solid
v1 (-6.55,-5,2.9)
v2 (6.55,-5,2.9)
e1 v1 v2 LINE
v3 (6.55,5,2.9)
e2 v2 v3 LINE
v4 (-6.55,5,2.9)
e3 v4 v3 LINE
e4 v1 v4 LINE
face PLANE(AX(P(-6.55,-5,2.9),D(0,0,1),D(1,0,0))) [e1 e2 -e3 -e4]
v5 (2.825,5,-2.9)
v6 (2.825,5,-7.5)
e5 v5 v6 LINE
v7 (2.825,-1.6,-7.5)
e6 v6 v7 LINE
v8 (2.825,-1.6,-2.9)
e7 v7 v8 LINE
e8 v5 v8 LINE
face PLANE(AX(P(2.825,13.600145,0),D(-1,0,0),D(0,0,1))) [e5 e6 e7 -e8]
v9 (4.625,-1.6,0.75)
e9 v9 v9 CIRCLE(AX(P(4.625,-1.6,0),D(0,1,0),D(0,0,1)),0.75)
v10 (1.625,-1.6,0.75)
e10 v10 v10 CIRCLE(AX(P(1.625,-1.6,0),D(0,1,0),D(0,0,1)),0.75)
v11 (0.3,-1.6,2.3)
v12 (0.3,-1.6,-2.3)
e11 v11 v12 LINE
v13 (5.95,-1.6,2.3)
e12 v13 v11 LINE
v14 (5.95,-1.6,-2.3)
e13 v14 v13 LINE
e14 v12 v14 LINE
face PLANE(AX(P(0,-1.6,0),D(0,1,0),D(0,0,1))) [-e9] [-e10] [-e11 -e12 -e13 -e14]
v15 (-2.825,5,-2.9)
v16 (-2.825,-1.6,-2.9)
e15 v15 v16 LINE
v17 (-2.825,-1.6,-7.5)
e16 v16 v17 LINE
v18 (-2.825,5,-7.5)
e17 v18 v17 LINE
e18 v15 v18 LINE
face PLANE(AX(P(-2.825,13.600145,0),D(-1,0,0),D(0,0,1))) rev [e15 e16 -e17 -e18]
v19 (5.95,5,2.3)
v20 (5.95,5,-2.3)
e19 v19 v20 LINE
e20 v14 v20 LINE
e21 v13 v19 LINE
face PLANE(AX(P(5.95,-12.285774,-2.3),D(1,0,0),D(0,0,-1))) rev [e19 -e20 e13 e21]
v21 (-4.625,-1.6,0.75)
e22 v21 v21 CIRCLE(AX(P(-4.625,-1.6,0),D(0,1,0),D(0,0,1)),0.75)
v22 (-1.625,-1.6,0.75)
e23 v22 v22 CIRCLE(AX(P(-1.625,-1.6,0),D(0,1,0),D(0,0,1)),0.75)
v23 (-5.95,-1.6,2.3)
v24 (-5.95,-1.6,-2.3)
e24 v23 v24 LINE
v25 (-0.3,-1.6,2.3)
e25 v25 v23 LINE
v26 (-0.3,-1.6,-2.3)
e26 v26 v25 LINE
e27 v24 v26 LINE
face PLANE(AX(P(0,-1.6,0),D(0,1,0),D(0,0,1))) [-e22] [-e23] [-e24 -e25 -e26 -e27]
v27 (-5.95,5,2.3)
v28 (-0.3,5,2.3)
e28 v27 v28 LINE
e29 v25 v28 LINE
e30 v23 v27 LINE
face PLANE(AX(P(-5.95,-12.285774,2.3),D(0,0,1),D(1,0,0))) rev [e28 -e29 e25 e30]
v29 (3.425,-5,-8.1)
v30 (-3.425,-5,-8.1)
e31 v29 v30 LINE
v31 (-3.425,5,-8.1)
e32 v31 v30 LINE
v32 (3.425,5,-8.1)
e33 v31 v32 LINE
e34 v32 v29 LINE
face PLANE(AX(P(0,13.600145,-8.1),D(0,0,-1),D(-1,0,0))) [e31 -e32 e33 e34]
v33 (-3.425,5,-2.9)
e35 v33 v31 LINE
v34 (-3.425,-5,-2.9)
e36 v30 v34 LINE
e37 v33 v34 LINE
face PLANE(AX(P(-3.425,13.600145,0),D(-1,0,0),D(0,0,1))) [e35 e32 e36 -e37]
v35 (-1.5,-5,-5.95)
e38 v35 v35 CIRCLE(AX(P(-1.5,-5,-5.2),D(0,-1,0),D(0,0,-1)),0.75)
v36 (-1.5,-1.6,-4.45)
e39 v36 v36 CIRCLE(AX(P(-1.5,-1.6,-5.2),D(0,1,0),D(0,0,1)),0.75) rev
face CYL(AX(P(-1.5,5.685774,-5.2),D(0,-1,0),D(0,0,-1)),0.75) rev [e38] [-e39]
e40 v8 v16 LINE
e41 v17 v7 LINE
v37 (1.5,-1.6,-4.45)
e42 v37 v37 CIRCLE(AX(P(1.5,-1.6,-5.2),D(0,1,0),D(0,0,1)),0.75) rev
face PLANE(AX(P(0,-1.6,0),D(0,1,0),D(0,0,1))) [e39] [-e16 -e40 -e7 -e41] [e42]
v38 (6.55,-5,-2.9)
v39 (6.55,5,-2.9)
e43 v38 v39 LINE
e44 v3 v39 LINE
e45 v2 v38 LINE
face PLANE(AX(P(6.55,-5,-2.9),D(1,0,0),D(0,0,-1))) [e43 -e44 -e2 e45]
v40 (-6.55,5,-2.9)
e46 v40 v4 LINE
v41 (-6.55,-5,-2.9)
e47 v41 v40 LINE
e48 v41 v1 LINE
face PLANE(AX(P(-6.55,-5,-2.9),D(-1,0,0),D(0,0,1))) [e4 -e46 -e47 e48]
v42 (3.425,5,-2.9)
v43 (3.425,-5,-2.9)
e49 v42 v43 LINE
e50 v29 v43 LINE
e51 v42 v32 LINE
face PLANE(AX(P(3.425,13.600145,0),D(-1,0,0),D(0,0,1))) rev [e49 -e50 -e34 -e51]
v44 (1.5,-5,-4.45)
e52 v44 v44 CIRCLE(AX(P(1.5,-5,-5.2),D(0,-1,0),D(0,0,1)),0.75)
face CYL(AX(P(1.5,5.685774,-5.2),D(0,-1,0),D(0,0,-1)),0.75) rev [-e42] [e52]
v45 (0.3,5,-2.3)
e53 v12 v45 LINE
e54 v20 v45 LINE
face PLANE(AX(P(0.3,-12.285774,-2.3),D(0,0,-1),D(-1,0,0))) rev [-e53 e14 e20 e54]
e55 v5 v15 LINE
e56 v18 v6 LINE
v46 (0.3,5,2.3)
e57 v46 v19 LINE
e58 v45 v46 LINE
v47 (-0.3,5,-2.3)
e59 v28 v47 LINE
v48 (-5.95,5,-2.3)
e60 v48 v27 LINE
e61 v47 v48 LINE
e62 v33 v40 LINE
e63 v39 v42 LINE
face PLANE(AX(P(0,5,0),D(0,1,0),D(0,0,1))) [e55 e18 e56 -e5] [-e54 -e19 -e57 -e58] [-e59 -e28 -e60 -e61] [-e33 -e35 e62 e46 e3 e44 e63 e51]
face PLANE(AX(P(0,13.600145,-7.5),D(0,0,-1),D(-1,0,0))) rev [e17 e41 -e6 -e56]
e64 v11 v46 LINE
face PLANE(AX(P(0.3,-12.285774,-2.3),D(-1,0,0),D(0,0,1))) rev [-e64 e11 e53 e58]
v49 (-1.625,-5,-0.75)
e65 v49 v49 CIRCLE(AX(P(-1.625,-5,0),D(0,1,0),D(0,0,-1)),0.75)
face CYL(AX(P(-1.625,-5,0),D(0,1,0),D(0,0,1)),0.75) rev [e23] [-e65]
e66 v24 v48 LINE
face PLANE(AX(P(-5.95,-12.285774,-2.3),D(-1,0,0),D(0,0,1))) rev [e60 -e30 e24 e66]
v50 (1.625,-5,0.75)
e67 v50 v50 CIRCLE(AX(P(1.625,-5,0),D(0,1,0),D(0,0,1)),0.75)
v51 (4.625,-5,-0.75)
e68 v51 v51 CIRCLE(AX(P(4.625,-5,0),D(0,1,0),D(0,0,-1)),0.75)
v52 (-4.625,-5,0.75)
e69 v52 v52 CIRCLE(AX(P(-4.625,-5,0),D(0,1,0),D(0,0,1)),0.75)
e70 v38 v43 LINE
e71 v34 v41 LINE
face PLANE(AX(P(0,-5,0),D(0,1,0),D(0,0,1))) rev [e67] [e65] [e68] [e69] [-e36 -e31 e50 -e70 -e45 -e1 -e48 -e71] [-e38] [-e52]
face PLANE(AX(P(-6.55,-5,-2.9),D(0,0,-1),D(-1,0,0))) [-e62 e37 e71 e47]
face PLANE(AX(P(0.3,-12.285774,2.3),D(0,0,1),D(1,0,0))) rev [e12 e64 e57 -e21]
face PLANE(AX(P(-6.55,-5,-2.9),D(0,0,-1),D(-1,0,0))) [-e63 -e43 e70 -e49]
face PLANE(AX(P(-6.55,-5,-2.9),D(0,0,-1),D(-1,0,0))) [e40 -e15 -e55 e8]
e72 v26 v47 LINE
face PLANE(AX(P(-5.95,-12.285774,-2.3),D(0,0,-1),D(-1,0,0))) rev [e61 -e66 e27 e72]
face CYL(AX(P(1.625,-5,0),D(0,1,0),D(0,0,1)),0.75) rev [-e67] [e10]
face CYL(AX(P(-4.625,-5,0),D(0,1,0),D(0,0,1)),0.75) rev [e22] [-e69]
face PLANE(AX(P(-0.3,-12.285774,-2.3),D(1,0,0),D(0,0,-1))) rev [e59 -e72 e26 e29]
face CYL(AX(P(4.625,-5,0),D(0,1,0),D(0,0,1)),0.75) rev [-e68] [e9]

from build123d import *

# Parameters (mm, degrees)
SKETCH1_W               = 13.1
SKETCH1_H               = 5.8
BOSS_EXTRUDE1_DEPTH     = 5
SKETCH10_W              = 5.65
SKETCH10_H              = 4.6
CUT_EXTRUDE7_DEPTH      = 6.6
SKETCH9_R               = 0.75
CUT_EXTRUDE6_DEPTH      = 6
CUT_EXTRUDE6_DEPTH_BACK = 6
BOSS_EXTRUDE2_START     = -5
BOSS_EXTRUDE2_DEPTH     = 10
SKETCH12_W              = 5.65
SKETCH12_H              = 4.6
SKETCH12_R              = 0.75
BOSS_EXTRUDE3_DEPTH     = 3.4


with BuildPart() as part:
    # Sketch1 → Boss-Extrude1 (new body, symmetric)
    with BuildSketch(Plane(origin=(0, 0, 0), x_dir=(1, 0, 0), z_dir=(0, 1, 0))):
        Rectangle(SKETCH1_W, SKETCH1_H)
    extrude(amount=BOSS_EXTRUDE1_DEPTH, both=True)

    # Sketch10 → Cut-Extrude7 (cut)
    with BuildSketch(Plane(origin=(0, 5, 0), x_dir=(1, 0, 0), z_dir=(0, 1, 0))):
        with Locations((-3.125, 0)):
            Rectangle(SKETCH10_W, SKETCH10_H)
        with Locations((3.125, 0)):
            Rectangle(SKETCH10_W, SKETCH10_H)
    extrude(amount=-CUT_EXTRUDE7_DEPTH, mode=Mode.SUBTRACT)

    # Sketch9 → Cut-Extrude6 (cut, two sides)
    with BuildSketch(Plane(origin=(0, 0, 0), x_dir=(1, 0, 0), z_dir=(0, 1, 0))) as cut_extrude6_sk:
        with Locations((-4.625, 0)):
            Circle(SKETCH9_R)
        with Locations((-1.625, 0)):
            Circle(SKETCH9_R)
        with Locations((1.625, 0)):
            Circle(SKETCH9_R)
        with Locations((4.625, 0)):
            Circle(SKETCH9_R)
    extrude(amount=CUT_EXTRUDE6_DEPTH, mode=Mode.SUBTRACT)
    extrude(cut_extrude6_sk.sketch, amount=-CUT_EXTRUDE6_DEPTH_BACK, mode=Mode.SUBTRACT)

    # Sketch11 → Boss-Extrude2 (add)
    with BuildSketch(Plane(origin=(0, 0, 0), x_dir=(1, 0, 0), z_dir=(0, 1, 0)).offset(BOSS_EXTRUDE2_START)):
        Polygon((-3.425, 8.1), (-3.425, 2.9), (-2.825, 2.9), (-2.825, 7.5), (2.825, 7.5), (2.825, 2.9), (3.425, 2.9), (3.425, 8.1), align=None)
    extrude(amount=BOSS_EXTRUDE2_DEPTH)

    # Sketch12 → Boss-Extrude3 (add)
    with BuildSketch(Plane.XZ.offset(5)):
        with Locations((0, -5.2)):
            Rectangle(SKETCH12_W, SKETCH12_H)
        with Locations((-1.5, -5.2)):
            Circle(SKETCH12_R, mode=Mode.SUBTRACT)
        with Locations((1.5, -5.2)):
            Circle(SKETCH12_R, mode=Mode.SUBTRACT)
    extrude(amount=-BOSS_EXTRUDE3_DEPTH)


solid = part.part
